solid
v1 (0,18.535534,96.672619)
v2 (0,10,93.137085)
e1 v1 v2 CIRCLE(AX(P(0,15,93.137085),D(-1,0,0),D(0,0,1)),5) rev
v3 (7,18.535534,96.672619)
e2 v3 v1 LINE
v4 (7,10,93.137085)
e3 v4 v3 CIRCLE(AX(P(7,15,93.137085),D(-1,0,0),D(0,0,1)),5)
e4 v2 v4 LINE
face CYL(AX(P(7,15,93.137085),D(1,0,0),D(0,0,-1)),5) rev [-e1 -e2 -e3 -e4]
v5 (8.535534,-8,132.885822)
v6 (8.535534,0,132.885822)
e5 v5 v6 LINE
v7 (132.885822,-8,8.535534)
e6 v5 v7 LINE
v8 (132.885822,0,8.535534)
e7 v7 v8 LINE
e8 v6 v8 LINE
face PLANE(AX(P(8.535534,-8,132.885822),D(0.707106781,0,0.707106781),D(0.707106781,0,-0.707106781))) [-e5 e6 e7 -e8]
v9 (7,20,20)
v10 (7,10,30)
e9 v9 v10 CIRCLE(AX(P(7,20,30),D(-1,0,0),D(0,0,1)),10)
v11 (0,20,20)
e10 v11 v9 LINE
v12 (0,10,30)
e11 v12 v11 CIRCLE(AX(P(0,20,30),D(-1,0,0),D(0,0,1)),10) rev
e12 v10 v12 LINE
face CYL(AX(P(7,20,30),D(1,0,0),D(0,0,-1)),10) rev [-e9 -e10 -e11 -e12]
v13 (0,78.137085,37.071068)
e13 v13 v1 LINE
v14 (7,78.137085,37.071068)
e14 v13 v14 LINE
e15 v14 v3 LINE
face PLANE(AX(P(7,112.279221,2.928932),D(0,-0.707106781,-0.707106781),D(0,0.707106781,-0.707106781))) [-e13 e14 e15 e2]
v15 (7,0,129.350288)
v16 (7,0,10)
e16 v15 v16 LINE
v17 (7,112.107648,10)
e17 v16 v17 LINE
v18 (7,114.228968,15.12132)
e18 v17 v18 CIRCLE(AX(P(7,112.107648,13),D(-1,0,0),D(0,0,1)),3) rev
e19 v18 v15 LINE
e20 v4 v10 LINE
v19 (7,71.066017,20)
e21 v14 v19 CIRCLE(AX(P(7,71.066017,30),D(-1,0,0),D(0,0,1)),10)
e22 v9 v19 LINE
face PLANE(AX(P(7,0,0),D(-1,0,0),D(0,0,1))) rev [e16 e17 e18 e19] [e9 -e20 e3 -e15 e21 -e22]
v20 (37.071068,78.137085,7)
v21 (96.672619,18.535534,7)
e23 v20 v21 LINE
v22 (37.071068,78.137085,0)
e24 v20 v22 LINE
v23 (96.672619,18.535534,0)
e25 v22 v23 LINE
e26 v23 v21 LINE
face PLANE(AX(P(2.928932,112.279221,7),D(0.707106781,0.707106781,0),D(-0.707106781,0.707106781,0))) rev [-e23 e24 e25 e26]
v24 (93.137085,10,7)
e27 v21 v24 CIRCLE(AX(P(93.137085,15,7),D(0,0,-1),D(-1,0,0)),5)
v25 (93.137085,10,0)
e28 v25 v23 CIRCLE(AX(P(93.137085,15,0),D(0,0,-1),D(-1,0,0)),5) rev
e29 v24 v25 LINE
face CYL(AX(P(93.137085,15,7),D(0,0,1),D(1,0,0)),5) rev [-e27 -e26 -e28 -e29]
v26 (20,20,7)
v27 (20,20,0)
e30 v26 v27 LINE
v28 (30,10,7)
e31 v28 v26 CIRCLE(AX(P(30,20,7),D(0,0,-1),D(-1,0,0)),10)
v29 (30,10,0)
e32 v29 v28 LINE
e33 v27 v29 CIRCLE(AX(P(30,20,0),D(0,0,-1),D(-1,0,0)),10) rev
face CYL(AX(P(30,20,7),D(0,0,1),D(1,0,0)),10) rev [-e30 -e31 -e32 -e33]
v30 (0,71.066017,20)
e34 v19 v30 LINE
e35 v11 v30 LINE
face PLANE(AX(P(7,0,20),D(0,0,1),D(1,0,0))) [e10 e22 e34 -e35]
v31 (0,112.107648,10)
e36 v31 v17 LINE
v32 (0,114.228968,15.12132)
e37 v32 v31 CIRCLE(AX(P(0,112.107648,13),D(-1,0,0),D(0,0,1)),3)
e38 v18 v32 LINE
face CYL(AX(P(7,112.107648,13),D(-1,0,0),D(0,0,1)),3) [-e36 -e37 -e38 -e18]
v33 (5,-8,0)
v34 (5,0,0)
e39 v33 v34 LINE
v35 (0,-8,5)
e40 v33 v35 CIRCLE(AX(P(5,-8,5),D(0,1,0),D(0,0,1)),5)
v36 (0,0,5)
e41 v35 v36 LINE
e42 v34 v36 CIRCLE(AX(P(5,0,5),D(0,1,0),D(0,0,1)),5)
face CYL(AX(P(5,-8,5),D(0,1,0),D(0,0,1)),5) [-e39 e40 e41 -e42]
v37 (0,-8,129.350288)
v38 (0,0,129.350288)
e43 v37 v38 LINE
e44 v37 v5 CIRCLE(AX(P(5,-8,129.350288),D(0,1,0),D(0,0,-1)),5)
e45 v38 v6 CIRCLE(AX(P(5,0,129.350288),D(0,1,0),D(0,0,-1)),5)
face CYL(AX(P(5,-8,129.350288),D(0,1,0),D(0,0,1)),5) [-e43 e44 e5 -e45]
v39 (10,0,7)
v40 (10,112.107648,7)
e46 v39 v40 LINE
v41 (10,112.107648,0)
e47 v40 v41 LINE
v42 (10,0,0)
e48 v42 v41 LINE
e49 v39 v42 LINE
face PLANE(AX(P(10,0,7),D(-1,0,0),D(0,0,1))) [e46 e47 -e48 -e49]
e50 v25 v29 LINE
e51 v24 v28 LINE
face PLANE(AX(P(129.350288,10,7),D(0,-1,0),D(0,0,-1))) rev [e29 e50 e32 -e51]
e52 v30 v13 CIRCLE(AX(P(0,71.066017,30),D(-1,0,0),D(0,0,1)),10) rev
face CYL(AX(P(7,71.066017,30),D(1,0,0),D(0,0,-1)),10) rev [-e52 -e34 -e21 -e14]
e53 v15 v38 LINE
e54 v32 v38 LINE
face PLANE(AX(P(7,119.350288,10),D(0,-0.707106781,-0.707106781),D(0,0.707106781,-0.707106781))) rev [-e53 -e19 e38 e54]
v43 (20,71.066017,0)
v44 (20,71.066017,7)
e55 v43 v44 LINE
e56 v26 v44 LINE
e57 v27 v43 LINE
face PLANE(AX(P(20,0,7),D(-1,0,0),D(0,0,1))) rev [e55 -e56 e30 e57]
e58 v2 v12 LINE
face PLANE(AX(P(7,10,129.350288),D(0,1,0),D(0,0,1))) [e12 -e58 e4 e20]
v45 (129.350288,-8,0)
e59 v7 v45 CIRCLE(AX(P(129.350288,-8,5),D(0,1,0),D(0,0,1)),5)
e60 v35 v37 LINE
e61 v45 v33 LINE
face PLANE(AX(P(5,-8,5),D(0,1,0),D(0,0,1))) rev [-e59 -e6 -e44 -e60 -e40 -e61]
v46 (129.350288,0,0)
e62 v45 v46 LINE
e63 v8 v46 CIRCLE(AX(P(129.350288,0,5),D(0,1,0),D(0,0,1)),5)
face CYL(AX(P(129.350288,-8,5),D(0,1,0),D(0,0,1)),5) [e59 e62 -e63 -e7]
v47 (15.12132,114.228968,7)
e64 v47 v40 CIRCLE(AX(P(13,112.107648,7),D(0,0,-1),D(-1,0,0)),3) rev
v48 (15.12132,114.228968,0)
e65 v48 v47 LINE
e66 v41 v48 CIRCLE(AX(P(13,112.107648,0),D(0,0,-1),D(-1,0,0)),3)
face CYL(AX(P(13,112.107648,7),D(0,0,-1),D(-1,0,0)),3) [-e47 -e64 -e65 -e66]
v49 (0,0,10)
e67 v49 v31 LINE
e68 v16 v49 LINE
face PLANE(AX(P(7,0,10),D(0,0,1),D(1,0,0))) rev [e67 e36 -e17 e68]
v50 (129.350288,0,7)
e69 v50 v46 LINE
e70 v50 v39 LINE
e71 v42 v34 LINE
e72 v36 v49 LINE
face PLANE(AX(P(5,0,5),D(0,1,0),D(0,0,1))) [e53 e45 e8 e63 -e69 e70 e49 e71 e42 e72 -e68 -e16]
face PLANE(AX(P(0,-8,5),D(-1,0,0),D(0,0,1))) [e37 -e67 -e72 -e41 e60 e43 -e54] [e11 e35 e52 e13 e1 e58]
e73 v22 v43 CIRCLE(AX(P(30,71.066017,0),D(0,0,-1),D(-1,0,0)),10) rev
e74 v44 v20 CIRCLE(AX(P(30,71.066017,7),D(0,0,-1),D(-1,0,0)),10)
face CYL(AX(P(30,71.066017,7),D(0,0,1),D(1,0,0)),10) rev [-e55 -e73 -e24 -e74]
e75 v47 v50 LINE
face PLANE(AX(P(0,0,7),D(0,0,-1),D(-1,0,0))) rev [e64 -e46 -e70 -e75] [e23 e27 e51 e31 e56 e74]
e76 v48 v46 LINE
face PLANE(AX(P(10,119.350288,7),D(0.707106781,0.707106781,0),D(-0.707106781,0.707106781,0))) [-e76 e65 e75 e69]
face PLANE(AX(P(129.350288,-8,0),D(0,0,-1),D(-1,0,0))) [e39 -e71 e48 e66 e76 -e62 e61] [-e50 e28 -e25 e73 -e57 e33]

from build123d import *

# Parameters (mm, degrees)
BOSS_EXTRUDE1_DEPTH = 8
EXTRUDE_THIN1_DEPTH = 7
EXTRUDE_THIN2_DEPTH = 7
FILLET1_R           = 10
FILLET2_R           = 5
FILLET3_R           = 3


with BuildPart() as part:
    # Sketch1 → Boss-Extrude1 (new body)
    with BuildSketch(Plane(origin=(0, 0, 0), x_dir=(1, 0, 0), z_dir=(0, 1, 0))):
        with BuildLine():
            Line((8.535533906, -132.885822331), (132.885822331, -8.535533906))
            ThreePointArc((132.885822331, -8.535533906), (133.969686088, -3.086582838), (129.350288425, 0))
            Line((129.350288425, 0), (5, 0))
            ThreePointArc((5, 0), (1.464466094, -1.464466094), (0, -5))
            Line((0, -5), (0, -129.350288425))
            ThreePointArc((0, -129.350288425), (3.086582838, -133.969686088), (8.535533906, -132.885822331))
        make_face()
    extrude(amount=-BOSS_EXTRUDE1_DEPTH)

    # Sketch4 → Extrude-Thin1 (add)
    with BuildSketch(Plane(origin=(0, 0, 0), x_dir=(-1, 0, 0), z_dir=(0, 0, -1))):
        Polygon((-10, 0), (-10, 119.350288425), (-129.350288425, 0), align=None)
        Polygon((-20, 10), (-20, 95.208152802), (-105.208152802, 10), align=None, mode=Mode.SUBTRACT)
    extrude(amount=-EXTRUDE_THIN1_DEPTH)

    # Sketch5 → Extrude-Thin2 (add)
    with BuildSketch(Plane.ZY):
        Polygon((10, 0), (10, 119.350288425), (129.350288425, 0), align=None)
        Polygon((20, 10), (20, 95.208152802), (105.208152802, 10), align=None, mode=Mode.SUBTRACT)
    extrude(amount=-EXTRUDE_THIN2_DEPTH)

    # Fillet1
    fillet1_edges = [part.edges().sort_by_distance(p)[0] for p in [
        (20, 95.208152802, 3.5),
        (20, 10, 3.5),
        (3.5, 95.208152802, 20),
        (3.5, 10, 20),
    ]]
    fillet(fillet1_edges, radius=FILLET1_R)

    # Fillet2
    fillet2_edges = [part.edges().sort_by_distance(p)[0] for p in [
        (105.208152802, 10, 3.5),
        (3.5, 10, 105.208152802),
    ]]
    fillet(fillet2_edges, radius=FILLET2_R)

    # Fillet3
    fillet3_edges = [part.edges().sort_by_distance(p)[0] for p in [
        (10, 119.350288425, 3.5),
        (3.5, 119.350288425, 10),
    ]]
    fillet(fillet3_edges, radius=FILLET3_R)


solid = part.part
